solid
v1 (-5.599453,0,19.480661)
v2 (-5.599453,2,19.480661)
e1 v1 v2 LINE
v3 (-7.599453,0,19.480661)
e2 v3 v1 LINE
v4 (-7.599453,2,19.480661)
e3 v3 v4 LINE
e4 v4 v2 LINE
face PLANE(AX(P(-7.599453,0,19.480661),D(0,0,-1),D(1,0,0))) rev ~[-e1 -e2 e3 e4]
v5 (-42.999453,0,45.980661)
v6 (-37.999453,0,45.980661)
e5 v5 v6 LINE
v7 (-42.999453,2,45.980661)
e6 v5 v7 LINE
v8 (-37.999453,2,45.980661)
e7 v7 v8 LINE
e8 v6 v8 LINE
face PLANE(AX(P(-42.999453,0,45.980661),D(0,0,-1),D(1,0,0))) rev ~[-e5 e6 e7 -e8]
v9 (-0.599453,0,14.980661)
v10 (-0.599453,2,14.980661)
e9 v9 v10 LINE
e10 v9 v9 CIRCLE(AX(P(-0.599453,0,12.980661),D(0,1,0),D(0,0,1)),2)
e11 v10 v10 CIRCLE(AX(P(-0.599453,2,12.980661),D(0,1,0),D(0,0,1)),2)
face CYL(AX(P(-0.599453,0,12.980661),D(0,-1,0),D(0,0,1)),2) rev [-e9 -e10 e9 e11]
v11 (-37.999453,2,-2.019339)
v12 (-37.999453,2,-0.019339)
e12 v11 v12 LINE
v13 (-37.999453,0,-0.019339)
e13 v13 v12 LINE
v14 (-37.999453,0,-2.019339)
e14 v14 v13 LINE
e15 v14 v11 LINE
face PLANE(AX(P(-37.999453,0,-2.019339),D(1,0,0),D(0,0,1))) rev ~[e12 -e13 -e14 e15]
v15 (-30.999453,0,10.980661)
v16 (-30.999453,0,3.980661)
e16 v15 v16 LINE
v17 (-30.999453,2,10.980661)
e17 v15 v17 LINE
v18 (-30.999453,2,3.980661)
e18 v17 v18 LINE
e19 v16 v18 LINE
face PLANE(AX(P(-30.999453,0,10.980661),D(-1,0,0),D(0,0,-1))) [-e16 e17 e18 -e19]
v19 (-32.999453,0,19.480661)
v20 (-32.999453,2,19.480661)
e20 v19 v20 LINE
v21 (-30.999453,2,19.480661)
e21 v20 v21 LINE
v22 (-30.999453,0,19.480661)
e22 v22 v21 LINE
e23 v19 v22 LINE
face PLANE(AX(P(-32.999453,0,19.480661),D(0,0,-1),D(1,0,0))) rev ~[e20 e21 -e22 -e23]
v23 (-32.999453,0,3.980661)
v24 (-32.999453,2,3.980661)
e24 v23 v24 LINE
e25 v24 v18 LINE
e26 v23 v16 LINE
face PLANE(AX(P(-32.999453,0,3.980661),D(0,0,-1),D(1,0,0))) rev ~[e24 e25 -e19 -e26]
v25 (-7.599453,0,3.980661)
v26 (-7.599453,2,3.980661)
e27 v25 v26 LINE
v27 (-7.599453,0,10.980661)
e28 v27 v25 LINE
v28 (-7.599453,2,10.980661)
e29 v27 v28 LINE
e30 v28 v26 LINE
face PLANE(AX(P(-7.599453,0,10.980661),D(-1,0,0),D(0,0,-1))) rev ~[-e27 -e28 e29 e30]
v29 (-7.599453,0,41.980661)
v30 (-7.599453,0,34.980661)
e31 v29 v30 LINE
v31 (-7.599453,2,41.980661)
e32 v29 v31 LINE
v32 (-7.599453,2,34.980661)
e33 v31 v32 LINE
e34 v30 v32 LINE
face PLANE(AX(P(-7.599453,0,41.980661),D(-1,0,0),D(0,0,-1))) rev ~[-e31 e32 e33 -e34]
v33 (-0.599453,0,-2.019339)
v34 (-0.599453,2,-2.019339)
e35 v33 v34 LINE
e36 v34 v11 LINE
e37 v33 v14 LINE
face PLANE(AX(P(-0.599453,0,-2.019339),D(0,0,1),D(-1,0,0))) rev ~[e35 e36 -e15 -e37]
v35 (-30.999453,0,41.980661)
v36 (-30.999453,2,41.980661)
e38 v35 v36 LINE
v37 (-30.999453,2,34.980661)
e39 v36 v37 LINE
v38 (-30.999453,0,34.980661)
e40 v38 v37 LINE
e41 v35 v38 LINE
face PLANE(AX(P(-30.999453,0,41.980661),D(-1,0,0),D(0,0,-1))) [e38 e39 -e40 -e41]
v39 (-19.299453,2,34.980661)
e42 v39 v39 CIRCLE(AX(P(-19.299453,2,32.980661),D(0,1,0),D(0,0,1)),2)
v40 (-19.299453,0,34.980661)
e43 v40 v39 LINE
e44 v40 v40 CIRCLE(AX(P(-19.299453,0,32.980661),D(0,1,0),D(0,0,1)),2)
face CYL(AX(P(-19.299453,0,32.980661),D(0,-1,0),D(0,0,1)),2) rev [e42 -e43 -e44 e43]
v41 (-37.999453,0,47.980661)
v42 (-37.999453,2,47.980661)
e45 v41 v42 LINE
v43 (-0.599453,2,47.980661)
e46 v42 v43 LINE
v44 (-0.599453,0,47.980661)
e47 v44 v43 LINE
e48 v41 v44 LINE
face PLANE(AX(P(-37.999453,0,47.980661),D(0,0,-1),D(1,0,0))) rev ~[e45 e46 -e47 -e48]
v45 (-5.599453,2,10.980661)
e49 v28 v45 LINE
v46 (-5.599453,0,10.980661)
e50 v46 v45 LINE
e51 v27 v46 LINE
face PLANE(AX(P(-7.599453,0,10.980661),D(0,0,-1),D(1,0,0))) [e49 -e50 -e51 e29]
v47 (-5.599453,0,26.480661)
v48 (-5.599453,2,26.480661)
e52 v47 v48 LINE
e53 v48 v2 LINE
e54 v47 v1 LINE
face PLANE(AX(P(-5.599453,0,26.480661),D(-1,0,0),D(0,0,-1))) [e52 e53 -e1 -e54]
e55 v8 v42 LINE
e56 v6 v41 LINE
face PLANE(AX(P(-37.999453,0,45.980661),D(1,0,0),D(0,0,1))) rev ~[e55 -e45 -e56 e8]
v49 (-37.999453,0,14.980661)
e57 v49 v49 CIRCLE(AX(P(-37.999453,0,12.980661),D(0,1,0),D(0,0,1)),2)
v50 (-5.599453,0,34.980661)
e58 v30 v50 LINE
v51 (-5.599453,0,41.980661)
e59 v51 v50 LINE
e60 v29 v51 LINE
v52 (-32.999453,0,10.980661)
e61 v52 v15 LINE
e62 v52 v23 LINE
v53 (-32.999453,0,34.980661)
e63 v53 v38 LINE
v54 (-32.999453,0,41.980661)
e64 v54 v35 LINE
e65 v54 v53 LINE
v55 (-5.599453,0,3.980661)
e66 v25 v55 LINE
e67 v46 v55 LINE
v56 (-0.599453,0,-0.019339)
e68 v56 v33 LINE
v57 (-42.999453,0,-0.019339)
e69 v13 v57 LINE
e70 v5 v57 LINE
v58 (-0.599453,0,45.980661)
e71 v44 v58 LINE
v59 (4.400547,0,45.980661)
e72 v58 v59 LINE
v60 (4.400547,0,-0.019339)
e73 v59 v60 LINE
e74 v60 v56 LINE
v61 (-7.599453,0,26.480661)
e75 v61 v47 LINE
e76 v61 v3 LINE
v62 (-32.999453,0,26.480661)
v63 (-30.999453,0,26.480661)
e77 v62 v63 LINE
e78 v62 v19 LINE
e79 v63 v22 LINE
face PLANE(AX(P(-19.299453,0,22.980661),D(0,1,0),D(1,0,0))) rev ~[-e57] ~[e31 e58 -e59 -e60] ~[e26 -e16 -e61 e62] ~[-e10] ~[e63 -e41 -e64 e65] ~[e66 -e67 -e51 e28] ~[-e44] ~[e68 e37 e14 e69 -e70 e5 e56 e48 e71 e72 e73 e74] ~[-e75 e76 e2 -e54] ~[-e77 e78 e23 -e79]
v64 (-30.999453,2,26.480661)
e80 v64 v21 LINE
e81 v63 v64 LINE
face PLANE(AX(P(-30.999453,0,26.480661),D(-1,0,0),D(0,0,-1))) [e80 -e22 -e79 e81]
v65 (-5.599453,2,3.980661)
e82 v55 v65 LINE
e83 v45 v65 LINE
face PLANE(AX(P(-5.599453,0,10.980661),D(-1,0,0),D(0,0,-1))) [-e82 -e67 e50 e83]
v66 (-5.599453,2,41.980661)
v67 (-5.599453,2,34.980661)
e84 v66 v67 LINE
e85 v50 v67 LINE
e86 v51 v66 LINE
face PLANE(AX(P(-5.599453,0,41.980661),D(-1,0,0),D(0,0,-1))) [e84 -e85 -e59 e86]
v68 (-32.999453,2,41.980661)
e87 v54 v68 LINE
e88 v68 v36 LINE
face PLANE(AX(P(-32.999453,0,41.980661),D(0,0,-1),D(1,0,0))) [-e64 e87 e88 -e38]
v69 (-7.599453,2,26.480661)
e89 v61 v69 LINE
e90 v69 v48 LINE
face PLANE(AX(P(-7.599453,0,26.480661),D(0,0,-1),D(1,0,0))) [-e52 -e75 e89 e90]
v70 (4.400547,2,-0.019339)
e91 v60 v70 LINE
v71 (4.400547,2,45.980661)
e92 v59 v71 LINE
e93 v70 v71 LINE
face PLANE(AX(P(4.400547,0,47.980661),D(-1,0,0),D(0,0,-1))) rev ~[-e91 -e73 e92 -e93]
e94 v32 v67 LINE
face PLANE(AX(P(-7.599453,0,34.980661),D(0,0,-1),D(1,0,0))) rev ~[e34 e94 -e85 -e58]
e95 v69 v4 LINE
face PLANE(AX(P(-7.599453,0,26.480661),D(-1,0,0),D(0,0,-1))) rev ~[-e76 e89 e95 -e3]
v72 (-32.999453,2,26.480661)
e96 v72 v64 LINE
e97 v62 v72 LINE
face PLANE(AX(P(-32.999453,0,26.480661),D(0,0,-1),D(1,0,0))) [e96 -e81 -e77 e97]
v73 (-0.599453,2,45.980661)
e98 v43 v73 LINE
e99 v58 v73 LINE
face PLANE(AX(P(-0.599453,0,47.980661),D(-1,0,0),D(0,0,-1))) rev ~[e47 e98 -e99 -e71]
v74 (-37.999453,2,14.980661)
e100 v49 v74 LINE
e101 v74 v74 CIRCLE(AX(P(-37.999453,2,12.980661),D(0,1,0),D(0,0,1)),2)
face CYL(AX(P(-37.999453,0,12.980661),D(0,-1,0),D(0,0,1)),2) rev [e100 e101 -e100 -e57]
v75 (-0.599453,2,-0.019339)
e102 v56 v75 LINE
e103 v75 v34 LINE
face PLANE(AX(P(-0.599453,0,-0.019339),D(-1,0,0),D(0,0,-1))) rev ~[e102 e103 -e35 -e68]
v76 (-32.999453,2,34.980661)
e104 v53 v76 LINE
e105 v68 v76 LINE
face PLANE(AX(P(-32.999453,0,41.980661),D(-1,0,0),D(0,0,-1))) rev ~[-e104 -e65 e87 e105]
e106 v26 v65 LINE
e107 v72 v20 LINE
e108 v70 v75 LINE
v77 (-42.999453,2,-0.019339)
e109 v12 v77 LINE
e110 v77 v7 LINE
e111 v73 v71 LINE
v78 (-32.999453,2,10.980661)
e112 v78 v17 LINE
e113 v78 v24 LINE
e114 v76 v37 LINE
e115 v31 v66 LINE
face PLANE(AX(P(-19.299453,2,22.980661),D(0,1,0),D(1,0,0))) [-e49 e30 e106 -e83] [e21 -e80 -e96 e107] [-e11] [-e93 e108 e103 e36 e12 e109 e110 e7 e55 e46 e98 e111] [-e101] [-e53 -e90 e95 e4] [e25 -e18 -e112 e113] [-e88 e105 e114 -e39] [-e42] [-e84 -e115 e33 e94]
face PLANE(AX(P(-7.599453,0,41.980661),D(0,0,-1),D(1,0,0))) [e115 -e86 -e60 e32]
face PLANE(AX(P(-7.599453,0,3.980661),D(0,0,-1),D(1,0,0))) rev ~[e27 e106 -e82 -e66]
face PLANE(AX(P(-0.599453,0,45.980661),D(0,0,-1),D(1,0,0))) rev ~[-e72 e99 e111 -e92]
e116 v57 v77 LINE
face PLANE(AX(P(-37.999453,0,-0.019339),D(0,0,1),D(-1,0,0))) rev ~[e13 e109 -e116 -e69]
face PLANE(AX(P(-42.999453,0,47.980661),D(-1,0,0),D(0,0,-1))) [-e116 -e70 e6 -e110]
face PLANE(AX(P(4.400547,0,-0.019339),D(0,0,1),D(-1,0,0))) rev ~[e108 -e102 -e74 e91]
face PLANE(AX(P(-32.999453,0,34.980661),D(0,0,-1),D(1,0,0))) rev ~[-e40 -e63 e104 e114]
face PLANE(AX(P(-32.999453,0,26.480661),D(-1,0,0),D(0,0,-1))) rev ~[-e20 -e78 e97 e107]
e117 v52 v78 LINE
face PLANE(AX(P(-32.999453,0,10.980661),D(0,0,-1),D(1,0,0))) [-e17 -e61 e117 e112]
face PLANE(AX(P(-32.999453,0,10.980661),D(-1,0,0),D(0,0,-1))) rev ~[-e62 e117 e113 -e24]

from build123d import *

# Parameters (mm, degrees)
SKETCH1_W           = 2
SKETCH1_H           = 7
SKETCH1_R           = 2
BOSS_EXTRUDE1_DEPTH = 2
SKETCH2_W           = 27.8
SKETCH2_H           = 50
CUT_EXTRUDE1_DEPTH  = 10


with BuildPart() as part:
    # Sketch1 → Boss-Extrude1 (new body)
    with BuildSketch(Plane(origin=(0, 0, 0), x_dir=(1, 0, 0), z_dir=(0, 1, 0))):
        Polygon((-42.999453113, 2.019339096), (-70.799453113, 2.019339096), (-70.799453113, -47.980660904), (-42.999453113, -47.980660904), (-42.999453113, -45.980660904), (-37.999453113, -45.980660904), (-37.999453113, -47.980660904), (-0.599453113, -47.980660904), (-0.599453113, -45.980660904), (4.400546887, -45.980660904), (4.400546887, -47.980660904), (32.200546887, -47.980660904), (32.200546887, 2.019339096), (4.400546887, 2.019339096), (4.400546887, 0.019339096), (-0.599453113, 0.019339096), (-0.599453113, 2.019339096), (-37.999453113, 2.019339096), (-37.999453113, 0.019339096), (-42.999453113, 0.019339096), align=None)
        with Locations((-31.999453113, -38.480660904)):
            Rectangle(SKETCH1_W, SKETCH1_H, mode=Mode.SUBTRACT)
        with Locations((-6.599453113, -38.480660904)):
            Rectangle(SKETCH1_W, SKETCH1_H, mode=Mode.SUBTRACT)
        with Locations(Location((-19.299453113, -32.980660904, 0), (0, 0, 270))):
            Circle(SKETCH1_R, mode=Mode.SUBTRACT)
        with Locations((-31.999453113, -22.980660904)):
            Rectangle(SKETCH1_W, SKETCH1_H, mode=Mode.SUBTRACT)
        with Locations(Location((-37.999453113, -12.980660904, 0), (0, 0, 270))):
            Circle(SKETCH1_R, mode=Mode.SUBTRACT)
        with Locations((-31.999453113, -7.480660904)):
            Rectangle(SKETCH1_W, SKETCH1_H, mode=Mode.SUBTRACT)
        with Locations((-6.599453113, -22.980660904)):
            Rectangle(SKETCH1_W, SKETCH1_H, mode=Mode.SUBTRACT)
        with Locations(Location((-0.599453113, -12.980660904, 0), (0, 0, 270))):
            Circle(SKETCH1_R, mode=Mode.SUBTRACT)
        with Locations((-6.599453113, -7.480660904)):
            Rectangle(SKETCH1_W, SKETCH1_H, mode=Mode.SUBTRACT)
    extrude(amount=BOSS_EXTRUDE1_DEPTH)

    # Sketch2 → Cut-Extrude1 (cut)
    with BuildSketch(Plane(origin=(0, 0, 0), x_dir=(-1, 0, 0), z_dir=(0, -1, 0))):
        with Locations((56.899453113, -22.980660904)):
            Rectangle(SKETCH2_W, SKETCH2_H)
        with Locations((-18.300546887, -22.980660904)):
            Rectangle(SKETCH2_W, SKETCH2_H)
    extrude(amount=-CUT_EXTRUDE1_DEPTH, mode=Mode.SUBTRACT)


solid = part.part
